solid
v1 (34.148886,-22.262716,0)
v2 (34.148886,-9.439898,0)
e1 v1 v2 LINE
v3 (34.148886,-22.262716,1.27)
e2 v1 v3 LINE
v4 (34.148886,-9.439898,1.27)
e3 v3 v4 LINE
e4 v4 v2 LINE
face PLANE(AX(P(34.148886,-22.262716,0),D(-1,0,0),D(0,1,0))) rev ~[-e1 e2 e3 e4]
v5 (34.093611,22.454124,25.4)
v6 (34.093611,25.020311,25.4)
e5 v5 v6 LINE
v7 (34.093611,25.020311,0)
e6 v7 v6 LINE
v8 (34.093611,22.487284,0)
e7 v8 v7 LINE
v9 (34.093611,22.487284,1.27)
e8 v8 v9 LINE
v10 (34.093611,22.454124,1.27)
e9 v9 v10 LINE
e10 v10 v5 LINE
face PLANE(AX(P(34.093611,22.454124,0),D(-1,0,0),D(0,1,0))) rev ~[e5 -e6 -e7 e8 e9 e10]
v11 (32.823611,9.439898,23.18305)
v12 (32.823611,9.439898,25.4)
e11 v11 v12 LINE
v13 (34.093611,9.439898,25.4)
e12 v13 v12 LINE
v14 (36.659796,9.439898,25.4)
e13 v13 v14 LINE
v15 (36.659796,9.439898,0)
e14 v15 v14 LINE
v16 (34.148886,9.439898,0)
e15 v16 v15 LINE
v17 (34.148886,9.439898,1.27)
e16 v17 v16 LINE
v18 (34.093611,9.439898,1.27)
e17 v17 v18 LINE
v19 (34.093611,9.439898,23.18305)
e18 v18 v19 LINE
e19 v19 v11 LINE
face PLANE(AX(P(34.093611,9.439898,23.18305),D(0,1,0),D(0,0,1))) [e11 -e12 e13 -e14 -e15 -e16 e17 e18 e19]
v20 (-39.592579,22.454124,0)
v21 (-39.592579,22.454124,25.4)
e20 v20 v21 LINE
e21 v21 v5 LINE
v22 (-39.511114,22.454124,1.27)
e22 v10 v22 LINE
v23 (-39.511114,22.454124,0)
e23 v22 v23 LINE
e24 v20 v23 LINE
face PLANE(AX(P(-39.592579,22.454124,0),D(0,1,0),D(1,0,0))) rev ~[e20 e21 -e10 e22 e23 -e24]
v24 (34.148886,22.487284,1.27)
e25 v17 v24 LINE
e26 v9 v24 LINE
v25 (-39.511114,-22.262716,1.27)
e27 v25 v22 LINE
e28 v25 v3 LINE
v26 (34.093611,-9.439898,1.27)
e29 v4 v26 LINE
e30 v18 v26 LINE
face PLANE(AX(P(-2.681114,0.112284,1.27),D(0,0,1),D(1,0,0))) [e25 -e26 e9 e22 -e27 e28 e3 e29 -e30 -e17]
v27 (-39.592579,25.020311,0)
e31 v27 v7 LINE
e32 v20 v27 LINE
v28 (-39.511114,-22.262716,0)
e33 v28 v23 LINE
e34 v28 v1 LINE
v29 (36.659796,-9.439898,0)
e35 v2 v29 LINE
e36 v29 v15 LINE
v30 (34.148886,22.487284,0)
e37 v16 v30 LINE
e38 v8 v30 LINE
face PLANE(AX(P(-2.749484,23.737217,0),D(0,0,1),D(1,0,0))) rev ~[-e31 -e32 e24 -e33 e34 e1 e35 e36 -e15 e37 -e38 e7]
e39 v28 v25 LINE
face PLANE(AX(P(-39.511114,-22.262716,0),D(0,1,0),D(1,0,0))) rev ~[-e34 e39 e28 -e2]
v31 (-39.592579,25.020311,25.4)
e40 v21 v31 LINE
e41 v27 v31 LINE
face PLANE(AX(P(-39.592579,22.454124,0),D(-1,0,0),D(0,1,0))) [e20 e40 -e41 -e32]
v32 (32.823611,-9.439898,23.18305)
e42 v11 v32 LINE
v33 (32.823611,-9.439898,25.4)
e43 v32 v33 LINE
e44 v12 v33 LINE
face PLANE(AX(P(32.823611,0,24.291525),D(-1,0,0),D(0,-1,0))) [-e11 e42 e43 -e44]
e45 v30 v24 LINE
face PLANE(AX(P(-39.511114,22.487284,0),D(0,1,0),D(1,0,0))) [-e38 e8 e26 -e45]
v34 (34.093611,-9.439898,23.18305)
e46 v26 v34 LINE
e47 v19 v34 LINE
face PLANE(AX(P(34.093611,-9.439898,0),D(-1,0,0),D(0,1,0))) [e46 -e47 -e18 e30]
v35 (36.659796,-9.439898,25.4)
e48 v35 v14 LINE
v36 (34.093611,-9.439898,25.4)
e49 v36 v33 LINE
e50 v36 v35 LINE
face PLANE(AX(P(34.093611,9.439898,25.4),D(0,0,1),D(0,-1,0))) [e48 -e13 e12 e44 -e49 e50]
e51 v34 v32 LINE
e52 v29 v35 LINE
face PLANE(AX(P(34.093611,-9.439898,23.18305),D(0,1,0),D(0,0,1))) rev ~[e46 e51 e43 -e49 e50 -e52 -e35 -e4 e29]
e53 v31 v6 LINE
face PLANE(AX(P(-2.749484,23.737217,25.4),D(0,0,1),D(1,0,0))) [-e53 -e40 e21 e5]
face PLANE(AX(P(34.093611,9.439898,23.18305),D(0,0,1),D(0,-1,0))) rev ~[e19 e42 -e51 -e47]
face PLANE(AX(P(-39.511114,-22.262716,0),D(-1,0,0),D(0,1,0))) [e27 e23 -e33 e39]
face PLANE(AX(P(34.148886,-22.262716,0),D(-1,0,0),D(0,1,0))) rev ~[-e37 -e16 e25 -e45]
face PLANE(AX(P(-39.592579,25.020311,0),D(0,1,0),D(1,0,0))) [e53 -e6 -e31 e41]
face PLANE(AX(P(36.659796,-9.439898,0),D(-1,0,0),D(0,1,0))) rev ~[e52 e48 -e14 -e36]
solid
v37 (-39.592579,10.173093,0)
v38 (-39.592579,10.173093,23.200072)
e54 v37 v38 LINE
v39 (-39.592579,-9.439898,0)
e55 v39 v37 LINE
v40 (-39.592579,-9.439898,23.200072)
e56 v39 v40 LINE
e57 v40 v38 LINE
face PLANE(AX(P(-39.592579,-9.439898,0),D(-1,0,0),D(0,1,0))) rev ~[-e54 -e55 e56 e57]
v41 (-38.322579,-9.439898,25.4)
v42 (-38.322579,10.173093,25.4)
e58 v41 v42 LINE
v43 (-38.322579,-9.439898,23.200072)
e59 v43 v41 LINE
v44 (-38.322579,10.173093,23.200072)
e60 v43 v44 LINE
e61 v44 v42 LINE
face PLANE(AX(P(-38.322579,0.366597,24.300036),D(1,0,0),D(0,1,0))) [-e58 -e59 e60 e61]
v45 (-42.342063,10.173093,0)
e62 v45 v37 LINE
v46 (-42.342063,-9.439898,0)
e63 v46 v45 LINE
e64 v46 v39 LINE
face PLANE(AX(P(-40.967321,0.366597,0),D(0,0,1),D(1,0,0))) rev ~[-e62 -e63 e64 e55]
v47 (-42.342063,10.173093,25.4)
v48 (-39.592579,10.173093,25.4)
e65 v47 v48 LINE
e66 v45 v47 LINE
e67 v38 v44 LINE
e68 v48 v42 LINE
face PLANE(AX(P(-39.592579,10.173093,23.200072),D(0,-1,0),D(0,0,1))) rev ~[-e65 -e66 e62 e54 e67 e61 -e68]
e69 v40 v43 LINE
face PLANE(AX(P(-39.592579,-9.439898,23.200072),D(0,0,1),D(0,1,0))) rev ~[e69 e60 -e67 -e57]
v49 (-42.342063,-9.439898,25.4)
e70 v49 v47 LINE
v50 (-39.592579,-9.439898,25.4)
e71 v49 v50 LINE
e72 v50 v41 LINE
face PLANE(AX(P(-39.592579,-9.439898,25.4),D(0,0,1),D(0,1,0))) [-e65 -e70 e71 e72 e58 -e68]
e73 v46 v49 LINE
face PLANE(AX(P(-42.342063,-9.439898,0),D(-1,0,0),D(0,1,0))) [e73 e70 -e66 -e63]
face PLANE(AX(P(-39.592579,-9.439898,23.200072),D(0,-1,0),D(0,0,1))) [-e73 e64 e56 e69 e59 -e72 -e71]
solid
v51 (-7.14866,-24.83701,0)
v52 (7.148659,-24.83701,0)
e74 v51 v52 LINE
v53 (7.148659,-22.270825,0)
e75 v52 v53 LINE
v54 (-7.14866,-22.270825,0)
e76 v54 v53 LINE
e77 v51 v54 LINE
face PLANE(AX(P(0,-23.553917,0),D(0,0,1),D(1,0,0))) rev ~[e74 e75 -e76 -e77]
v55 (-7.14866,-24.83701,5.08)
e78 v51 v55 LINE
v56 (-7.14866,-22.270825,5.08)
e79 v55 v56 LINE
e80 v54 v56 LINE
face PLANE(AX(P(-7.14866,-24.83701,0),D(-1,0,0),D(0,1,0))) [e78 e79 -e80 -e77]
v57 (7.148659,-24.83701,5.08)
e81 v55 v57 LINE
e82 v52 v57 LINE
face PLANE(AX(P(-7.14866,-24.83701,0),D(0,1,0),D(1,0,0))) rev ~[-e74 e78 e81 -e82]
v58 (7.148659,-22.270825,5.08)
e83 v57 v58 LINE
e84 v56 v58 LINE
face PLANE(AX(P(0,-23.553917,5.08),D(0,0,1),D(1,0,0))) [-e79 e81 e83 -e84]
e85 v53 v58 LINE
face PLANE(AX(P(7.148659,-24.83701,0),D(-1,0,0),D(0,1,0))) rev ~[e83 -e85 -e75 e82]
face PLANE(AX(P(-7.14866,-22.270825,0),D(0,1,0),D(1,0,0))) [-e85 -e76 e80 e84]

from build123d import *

# Parameters (mm, degrees)
F0_W      = 73.66
F0_H      = 44.75
F3_DEPTH  = 1.27
F1_W      = 73.6861899495
F1_H      = 2.5661867112
F1_W_2    = 2.5661848485
F1_H_2    = 18.879795447
F4_DEPTH  = 25.4
F1_W_3    = 2.7494840324
F1_H_3    = 19.6129903197
F2_W      = 14.2973195761
F2_H      = 2.5661848485
F5_DEPTH  = 5.08
F6_W      = 73.6861899495
F6_H      = 2.2126811832
F7_DEPTH  = 1.27
F8_W      = 18.879795447
F8_H      = 2.2169503659
F9_DEPTH  = 1.27
F10_W     = 19.6129903197
F10_H     = 2.1999276519
F11_DEPTH = 1.27


with BuildPart() as f3:
    # F0 (on Top) → F3 (new body)
    with BuildSketch(Plane.XY):
        with Locations((-2.6811135895, 0.1122842985)):
            Rectangle(F0_W, F0_H)
    extrude(amount=F3_DEPTH)

    # F1 (on face) → F4 (join)
    with BuildSketch(Plane.XY):
        with Locations((-2.7494840324, 23.7372172996)):
            Rectangle(F1_W, F1_H)
        with Locations((35.3767033666, 0)):
            Rectangle(F1_W_2, F1_H_2)
    extrude(amount=F4_DEPTH)

    # F6 (on face) → F7 (join)
    with BuildSketch(Plane.XZ.offset(-22.454123944)):
        with Locations((-2.7494840324, 24.2936594084)):
            Rectangle(F6_W, F6_H)
    extrude(amount=-F7_DEPTH)

    # F8 (on face) → F9 (join)
    with BuildSketch(Plane(origin=(34.0936109424, 0, 0), x_dir=(0, -1, 0), z_dir=(-1, 0, 0))):
        with Locations((0, 24.291524817)):
            Rectangle(F8_W, F8_H)
    extrude(amount=F9_DEPTH)


with BuildPart() as f4:
    # F1 (on face) → F4, piece 2 (new body)
    with BuildSketch(Plane.XY):
        with Locations((-40.9673210233, 0.3665974364)):
            Rectangle(F1_W_3, F1_H_3)
    extrude(amount=F4_DEPTH)

    # F10 (on face) → F11 (join)
    with BuildSketch(Plane.YZ.offset(-39.5925790071)):
        with Locations((0.3665974364, 24.3000361741)):
            Rectangle(F10_W, F10_H)
    extrude(amount=F11_DEPTH)


with BuildPart() as f5:
    # F2 (on face) → F5 (new body)
    with BuildSketch(Plane.XY):
        with Locations((-4.657e-07, -23.5539171845)):
            Rectangle(F2_W, F2_H)
    extrude(amount=F5_DEPTH)


solid = Compound([f3.part, f4.part, f5.part])
